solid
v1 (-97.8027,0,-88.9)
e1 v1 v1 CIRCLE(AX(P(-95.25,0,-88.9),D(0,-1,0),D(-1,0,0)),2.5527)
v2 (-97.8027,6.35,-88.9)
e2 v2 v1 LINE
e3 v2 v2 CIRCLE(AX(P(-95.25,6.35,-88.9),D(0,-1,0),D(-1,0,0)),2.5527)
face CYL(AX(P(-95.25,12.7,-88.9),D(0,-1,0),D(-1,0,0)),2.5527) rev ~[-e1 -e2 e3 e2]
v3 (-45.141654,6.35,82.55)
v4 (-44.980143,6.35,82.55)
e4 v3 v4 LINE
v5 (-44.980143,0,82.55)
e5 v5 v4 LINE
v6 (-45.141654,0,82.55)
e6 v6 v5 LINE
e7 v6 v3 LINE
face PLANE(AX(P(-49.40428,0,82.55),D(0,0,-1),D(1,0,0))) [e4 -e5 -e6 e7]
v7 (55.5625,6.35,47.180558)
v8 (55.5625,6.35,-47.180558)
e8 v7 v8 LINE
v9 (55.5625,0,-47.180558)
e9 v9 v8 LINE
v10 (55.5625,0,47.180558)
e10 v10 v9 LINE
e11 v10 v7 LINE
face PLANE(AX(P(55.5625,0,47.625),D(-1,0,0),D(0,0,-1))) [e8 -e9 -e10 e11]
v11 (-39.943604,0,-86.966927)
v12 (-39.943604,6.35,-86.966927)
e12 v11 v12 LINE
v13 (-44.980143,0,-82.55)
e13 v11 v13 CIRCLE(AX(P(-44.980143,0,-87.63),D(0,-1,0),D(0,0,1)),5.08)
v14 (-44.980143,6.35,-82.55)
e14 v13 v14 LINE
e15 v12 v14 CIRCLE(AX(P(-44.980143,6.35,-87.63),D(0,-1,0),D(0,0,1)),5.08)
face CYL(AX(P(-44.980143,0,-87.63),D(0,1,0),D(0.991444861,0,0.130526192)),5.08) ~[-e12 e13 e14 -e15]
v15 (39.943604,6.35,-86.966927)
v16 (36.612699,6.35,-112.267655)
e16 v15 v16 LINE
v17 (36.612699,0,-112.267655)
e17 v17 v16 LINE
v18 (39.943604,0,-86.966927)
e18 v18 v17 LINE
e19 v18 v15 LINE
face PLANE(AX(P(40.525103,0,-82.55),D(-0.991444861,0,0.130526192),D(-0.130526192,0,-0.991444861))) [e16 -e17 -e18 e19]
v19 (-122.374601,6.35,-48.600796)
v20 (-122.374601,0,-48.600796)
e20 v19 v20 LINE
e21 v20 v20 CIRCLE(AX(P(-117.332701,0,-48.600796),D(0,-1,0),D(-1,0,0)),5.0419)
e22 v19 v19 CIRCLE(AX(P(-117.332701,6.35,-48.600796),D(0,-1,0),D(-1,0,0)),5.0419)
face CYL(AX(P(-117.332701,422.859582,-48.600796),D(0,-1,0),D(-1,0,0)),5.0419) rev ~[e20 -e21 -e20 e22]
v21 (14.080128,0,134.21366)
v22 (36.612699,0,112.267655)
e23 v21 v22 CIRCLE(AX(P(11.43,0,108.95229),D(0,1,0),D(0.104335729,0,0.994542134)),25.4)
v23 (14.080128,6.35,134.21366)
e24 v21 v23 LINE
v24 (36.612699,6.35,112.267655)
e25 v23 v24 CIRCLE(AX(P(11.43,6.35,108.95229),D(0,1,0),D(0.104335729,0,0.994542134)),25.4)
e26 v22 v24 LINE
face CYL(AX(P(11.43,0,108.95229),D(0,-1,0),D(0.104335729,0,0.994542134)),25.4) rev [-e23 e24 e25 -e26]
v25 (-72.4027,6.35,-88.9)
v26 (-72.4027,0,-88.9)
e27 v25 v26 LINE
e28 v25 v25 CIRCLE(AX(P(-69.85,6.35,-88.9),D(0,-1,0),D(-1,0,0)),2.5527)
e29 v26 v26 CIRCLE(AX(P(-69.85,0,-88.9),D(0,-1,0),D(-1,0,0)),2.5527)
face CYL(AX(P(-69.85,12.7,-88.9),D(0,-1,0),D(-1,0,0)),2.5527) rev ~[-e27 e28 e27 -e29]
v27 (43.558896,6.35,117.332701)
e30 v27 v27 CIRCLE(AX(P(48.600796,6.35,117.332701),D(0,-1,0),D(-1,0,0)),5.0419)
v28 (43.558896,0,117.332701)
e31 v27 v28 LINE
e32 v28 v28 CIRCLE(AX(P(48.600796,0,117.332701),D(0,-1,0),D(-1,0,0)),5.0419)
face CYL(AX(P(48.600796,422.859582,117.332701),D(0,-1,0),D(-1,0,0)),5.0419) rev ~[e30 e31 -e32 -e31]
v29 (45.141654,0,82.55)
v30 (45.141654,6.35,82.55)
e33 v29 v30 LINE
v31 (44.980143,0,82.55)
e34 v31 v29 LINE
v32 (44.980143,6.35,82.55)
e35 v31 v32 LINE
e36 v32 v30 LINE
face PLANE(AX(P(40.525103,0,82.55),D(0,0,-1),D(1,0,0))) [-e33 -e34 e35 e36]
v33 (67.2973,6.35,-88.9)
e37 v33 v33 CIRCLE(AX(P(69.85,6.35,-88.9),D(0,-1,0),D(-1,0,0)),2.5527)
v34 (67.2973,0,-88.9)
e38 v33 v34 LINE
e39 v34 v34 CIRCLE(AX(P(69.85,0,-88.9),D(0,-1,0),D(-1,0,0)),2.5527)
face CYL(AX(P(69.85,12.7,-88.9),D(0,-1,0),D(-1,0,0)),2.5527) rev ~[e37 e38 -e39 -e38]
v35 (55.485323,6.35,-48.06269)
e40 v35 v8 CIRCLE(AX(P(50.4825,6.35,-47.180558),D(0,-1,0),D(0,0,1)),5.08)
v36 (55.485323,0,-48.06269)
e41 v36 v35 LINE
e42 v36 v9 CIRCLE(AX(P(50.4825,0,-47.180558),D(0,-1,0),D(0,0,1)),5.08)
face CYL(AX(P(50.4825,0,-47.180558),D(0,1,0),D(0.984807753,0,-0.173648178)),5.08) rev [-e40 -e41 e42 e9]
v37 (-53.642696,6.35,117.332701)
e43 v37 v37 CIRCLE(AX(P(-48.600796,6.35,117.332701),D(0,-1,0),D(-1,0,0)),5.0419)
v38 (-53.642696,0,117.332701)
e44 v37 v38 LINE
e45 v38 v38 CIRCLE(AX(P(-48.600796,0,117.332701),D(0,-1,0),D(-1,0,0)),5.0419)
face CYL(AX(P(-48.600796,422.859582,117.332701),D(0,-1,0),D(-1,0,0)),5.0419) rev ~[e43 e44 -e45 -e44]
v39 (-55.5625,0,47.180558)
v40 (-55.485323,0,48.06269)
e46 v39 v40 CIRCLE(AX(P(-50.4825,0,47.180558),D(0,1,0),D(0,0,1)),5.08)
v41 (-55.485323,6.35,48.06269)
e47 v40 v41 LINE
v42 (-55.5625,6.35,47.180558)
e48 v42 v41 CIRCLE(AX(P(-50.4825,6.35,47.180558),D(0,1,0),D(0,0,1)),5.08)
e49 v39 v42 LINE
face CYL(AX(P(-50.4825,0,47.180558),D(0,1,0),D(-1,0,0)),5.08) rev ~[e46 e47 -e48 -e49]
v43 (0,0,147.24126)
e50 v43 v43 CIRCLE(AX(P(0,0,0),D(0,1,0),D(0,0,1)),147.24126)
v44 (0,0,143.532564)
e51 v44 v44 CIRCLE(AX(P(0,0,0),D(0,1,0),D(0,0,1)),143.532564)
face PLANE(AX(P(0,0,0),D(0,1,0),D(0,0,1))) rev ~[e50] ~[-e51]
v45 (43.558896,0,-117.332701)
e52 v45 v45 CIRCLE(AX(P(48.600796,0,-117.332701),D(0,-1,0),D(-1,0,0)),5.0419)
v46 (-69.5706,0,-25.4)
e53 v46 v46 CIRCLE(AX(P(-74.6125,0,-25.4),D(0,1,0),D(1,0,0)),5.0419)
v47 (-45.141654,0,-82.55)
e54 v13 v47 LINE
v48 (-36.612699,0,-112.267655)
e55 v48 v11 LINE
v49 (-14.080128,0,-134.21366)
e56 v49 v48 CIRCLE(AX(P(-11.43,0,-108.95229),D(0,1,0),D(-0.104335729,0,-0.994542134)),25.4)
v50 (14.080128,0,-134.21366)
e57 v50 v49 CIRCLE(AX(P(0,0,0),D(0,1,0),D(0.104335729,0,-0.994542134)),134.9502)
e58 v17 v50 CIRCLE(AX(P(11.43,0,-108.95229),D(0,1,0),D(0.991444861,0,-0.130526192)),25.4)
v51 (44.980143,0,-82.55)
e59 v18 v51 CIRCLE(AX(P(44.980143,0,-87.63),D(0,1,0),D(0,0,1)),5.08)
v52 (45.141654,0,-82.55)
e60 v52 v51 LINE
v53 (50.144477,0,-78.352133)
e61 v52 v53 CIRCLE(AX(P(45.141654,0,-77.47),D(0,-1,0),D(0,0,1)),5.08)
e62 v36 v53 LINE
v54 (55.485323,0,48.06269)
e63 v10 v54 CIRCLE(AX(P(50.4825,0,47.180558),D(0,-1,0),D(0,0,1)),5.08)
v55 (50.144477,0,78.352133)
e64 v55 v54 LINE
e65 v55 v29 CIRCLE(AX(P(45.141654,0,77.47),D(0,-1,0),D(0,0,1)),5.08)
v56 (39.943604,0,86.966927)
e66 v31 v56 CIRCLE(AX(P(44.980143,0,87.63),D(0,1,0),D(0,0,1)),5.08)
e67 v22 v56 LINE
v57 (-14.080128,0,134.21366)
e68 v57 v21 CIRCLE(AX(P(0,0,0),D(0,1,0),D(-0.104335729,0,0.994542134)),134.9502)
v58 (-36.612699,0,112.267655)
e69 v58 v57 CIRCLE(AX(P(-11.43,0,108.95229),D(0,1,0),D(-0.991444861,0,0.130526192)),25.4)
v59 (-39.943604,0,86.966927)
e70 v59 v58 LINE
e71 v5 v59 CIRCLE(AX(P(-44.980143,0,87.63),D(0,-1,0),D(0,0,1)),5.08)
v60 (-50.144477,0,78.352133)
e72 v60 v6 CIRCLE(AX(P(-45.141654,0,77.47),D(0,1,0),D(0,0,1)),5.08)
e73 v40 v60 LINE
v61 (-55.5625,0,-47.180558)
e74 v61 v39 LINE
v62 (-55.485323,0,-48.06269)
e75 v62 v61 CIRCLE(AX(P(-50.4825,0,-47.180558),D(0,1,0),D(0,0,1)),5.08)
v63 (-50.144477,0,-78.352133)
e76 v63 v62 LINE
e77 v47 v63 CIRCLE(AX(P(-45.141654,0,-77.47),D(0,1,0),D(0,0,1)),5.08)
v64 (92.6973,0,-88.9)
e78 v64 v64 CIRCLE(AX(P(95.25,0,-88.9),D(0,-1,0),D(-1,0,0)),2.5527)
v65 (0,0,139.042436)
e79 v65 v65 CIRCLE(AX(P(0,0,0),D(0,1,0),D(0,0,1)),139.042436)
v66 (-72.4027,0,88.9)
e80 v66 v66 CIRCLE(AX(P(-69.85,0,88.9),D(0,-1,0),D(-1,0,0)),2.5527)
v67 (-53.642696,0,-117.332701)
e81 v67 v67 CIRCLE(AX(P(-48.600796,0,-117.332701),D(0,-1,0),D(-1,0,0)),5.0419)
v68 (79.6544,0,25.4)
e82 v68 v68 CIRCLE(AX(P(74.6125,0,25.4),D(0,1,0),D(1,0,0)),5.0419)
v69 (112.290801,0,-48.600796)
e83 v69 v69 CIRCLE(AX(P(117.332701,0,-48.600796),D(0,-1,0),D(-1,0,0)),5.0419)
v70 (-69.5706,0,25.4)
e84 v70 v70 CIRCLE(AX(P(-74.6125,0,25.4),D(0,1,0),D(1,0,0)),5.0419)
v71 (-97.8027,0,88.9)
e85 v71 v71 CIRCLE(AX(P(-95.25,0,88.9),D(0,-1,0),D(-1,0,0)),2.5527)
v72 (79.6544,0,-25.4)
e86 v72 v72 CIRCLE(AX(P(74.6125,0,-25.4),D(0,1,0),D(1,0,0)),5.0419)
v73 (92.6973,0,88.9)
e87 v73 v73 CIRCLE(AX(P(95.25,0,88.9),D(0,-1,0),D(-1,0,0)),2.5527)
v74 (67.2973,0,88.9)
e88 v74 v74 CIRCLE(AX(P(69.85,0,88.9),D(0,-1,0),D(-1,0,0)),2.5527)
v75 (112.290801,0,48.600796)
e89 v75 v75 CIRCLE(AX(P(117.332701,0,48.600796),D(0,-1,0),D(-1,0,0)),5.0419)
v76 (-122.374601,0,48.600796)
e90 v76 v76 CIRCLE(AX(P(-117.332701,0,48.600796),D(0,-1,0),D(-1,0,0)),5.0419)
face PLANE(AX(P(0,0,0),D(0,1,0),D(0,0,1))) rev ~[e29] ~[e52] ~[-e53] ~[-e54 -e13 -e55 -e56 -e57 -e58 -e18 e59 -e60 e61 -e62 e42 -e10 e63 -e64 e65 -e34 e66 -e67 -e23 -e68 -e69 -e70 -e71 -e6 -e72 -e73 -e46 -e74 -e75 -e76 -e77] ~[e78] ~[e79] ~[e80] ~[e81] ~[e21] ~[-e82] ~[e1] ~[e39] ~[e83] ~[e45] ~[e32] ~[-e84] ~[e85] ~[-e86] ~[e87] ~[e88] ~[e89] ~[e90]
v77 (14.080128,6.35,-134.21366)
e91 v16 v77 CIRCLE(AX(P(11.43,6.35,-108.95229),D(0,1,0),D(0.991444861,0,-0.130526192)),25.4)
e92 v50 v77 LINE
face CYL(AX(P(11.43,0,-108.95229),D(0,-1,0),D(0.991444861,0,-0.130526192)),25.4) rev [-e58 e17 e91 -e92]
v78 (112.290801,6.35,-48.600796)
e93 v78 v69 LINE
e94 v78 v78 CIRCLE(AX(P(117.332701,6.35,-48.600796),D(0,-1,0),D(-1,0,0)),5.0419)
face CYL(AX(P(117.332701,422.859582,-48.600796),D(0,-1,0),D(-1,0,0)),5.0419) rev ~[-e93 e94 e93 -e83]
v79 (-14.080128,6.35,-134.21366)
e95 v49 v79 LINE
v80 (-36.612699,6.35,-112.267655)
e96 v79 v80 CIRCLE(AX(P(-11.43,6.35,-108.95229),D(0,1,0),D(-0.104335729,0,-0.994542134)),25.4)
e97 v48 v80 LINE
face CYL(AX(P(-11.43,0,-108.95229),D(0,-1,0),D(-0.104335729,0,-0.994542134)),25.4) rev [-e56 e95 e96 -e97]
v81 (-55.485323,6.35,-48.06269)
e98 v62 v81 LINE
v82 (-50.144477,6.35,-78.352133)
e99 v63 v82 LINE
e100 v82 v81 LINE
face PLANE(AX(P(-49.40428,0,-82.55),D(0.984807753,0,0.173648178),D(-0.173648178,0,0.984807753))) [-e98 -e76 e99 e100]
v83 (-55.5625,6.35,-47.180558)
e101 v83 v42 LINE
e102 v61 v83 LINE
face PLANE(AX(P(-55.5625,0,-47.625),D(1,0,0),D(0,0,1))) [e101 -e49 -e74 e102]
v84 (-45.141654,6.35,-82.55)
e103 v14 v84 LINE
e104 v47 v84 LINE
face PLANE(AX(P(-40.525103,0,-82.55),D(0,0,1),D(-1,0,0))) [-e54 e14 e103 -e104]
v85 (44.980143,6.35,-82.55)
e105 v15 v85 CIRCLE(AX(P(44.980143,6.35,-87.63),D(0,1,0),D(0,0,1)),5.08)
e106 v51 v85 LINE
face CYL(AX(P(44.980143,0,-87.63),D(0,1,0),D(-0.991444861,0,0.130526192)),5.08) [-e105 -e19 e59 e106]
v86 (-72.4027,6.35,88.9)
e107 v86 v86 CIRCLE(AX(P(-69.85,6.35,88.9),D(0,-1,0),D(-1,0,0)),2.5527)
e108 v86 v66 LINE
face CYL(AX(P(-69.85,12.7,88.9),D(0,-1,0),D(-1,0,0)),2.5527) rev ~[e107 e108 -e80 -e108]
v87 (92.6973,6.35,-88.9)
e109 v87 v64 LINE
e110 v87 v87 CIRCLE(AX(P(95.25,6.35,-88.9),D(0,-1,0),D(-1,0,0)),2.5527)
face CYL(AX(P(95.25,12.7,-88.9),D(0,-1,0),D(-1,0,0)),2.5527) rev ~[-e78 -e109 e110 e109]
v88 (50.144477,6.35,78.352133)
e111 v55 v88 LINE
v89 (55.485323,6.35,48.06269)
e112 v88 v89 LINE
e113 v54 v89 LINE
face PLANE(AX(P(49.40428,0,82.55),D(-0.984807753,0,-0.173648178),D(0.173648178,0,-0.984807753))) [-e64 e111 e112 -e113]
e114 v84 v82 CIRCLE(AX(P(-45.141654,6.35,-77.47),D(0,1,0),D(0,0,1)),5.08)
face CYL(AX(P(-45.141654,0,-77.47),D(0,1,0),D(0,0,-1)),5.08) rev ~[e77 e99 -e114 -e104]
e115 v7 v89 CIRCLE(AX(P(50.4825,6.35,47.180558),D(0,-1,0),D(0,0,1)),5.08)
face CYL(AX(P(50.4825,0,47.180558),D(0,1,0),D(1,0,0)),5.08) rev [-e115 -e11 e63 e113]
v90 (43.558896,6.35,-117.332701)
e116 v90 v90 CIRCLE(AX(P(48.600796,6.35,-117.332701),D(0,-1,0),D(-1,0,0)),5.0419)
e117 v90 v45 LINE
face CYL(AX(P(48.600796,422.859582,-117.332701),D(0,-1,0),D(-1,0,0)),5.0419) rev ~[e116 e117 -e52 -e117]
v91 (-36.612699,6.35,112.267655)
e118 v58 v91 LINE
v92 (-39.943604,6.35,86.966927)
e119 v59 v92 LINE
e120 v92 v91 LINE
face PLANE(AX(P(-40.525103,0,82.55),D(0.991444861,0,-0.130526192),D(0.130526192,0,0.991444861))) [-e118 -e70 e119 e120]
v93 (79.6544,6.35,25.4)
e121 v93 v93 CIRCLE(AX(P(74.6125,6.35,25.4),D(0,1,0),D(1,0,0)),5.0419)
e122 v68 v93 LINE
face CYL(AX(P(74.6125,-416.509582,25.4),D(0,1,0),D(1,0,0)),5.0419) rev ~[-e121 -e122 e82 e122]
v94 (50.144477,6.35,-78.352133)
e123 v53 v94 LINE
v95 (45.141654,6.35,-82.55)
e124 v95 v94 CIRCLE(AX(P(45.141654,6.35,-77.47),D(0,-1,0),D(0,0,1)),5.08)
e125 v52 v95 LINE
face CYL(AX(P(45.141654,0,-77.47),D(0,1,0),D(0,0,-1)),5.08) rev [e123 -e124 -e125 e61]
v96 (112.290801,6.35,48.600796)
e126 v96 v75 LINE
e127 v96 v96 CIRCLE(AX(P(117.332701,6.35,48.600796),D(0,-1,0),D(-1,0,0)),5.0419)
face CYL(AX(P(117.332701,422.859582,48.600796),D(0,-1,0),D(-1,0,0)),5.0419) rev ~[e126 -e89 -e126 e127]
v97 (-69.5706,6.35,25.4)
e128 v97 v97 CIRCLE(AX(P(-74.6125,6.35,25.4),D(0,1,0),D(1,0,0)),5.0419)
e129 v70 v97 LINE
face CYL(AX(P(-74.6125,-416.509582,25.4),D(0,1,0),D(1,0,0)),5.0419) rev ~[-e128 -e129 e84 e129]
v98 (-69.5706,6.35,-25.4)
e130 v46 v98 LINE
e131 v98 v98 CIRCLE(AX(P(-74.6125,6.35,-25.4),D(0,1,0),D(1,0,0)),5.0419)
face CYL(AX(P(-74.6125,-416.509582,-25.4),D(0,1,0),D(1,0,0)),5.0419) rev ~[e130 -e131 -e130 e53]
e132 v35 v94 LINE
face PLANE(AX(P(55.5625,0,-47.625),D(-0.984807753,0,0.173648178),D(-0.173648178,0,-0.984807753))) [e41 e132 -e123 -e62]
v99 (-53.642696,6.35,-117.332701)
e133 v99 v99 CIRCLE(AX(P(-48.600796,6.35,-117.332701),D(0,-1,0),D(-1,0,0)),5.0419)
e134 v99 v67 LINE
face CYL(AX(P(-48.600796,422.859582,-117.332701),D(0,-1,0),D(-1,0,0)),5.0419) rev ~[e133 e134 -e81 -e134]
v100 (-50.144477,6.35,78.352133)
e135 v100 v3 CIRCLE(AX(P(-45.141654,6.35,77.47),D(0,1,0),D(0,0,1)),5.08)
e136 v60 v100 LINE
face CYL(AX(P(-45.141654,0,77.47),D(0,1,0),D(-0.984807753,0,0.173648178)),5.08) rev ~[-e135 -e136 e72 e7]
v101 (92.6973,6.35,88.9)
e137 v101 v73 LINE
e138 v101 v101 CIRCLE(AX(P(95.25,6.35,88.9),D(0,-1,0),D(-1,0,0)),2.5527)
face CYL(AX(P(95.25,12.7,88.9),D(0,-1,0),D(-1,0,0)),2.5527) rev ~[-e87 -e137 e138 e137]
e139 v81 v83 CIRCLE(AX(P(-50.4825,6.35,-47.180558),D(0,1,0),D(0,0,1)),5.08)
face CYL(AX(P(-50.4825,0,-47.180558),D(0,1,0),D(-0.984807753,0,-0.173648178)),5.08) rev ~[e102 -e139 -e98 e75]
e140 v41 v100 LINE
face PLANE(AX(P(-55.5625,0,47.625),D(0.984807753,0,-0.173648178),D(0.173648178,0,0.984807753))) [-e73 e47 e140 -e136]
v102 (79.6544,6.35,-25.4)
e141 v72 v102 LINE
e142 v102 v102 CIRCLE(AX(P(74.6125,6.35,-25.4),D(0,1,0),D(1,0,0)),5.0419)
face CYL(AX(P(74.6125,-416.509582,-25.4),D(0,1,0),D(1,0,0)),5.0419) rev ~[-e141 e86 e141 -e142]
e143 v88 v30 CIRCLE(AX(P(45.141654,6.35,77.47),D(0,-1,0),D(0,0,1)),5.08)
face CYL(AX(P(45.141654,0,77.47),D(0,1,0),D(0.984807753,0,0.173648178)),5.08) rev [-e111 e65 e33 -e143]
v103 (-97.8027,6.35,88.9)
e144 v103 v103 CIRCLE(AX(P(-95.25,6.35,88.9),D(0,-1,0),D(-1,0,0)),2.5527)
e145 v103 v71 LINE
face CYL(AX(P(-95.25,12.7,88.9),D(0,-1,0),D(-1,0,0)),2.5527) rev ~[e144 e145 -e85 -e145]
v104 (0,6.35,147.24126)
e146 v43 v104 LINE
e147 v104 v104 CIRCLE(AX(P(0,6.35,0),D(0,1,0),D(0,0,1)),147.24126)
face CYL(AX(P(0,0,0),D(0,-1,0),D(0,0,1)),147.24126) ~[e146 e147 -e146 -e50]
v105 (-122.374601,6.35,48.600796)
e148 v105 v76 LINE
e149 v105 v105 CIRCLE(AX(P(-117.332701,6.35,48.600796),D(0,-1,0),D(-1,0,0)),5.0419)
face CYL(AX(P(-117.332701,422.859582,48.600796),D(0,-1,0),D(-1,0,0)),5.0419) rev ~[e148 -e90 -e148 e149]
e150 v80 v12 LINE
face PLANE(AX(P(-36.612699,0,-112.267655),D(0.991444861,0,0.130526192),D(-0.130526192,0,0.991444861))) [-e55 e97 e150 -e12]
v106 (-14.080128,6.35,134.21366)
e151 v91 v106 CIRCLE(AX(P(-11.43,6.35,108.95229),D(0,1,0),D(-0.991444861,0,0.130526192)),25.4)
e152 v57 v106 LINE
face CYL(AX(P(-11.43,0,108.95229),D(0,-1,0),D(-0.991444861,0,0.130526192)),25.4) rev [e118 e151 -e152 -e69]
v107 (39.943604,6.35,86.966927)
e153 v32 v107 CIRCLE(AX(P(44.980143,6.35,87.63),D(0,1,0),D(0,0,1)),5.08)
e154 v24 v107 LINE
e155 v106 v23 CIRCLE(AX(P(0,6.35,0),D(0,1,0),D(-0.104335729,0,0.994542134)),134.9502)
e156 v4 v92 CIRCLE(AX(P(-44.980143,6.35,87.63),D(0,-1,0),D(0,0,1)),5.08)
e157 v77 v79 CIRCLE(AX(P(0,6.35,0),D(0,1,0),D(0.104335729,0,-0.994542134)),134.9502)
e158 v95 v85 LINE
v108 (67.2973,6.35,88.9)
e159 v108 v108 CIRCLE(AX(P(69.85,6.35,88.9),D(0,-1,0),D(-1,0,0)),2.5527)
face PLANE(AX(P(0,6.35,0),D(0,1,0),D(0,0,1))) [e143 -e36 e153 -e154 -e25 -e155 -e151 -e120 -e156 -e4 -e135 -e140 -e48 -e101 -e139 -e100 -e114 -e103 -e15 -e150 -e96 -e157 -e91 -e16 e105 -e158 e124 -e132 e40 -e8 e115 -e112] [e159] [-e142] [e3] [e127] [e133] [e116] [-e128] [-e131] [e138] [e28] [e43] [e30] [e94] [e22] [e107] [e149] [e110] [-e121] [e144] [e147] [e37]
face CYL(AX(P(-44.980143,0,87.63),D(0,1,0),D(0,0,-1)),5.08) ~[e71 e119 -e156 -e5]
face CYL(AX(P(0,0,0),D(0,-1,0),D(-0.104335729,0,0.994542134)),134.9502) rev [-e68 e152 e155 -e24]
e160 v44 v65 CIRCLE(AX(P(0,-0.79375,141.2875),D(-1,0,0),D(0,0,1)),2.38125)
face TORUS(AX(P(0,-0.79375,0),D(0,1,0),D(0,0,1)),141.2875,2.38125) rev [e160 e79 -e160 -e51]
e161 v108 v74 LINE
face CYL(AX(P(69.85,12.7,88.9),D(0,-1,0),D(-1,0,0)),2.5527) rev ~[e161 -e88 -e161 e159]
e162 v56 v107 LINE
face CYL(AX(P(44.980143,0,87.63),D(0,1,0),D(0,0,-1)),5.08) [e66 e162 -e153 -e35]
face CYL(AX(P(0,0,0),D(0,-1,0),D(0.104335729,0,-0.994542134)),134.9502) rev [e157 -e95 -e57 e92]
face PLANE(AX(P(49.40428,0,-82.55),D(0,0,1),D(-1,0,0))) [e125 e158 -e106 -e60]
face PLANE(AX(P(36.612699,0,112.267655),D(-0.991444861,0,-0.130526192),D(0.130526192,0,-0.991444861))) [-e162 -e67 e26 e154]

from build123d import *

# Parameters (mm, degrees)
SKETCH1_R                      = 147.24126
BOSS_EXTRUDE1_DEPTH            = 6.35
F_3_8_CLEARANCE_HOLE1_D        = 10.0838
SKETCH6_R                      = 2.38125
F_3_8_CLEARANCE_HOLE2_D        = 10.0838
FILLET1_R                      = 5.08
F_7_0_201_DIAMETER_HOLE1_D     = 5.1054
F_7_0_201_DIAMETER_HOLE1_DEPTH = 6.35


with BuildPart() as part:
    # Sketch1 → Boss-Extrude1 (new body)
    with BuildSketch(Plane(origin=(0, 0, 0), x_dir=(1, 0, 0), z_dir=(0, 1, 0))):
        with Locations(Location((0, 0, 0), (0, 0, 270))):
            Circle(SKETCH1_R)
        with BuildLine():
            Line((-36.612699479, 112.267654933), (-40.525102973, 82.55))
            Line((-40.525102973, 82.55), (-49.404280199, 82.55))
            Line((-49.404280199, 82.55), (-55.5625, 47.625))
            Line((-55.5625, 47.625), (-55.5625, -47.625))
            Line((-55.5625, -47.625), (-49.404280199, -82.55))
            Line((-49.404280199, -82.55), (-40.525102973, -82.55))
            Line((-40.525102973, -82.55), (-36.612699479, -112.267654933))
            ThreePointArc((-36.612699479, -112.267654933), (-29.152114648, -127.148076316), (-14.080127521, -134.213659845))
            ThreePointArc((-14.080127521, -134.213659845), (0, -134.9502), (14.080127521, -134.213659845))
            ThreePointArc((14.080127521, -134.213659845), (29.152114648, -127.148076316), (36.612699479, -112.267654933))
            Line((36.612699479, -112.267654933), (40.525102973, -82.55))
            Line((40.525102973, -82.55), (49.404280199, -82.55))
            Line((49.404280199, -82.55), (55.5625, -47.625))
            Line((55.5625, -47.625), (55.5625, 47.625))
            Line((55.5625, 47.625), (49.404280199, 82.55))
            Line((49.404280199, 82.55), (40.525102973, 82.55))
            Line((40.525102973, 82.55), (36.612699479, 112.267654933))
            ThreePointArc((36.612699479, 112.267654933), (29.152114648, 127.148076316), (14.080127521, 134.213659845))
            ThreePointArc((14.080127521, 134.213659845), (0, 134.9502), (-14.080127521, 134.213659845))
            ThreePointArc((-14.080127521, 134.213659845), (-29.152114648, 127.148076316), (-36.612699479, 112.267654933))
        make_face(mode=Mode.SUBTRACT)
    extrude(amount=BOSS_EXTRUDE1_DEPTH)

    # 3/8 Clearance Hole1 (through all)
    with Locations(Plane(origin=(0, 6.35, 0), x_dir=(1, 0, 0), z_dir=(0, 1, 0))):
        with Locations((-117.332700629, 48.60079591), (-48.60079591, 117.332700629), (48.60079591, 117.332700629), (117.332700629, 48.60079591), (117.332700629, -48.60079591), (48.60079591, -117.332700629), (-48.60079591, -117.332700629), (-117.332700629, -48.60079591)):
            Hole(F_3_8_CLEARANCE_HOLE1_D / 2)

    # Sketch6 → Cut-Revolve1 (revolve, cut)
    with BuildSketch(Plane(origin=(0, 0, 0), x_dir=(0, 0, -1), z_dir=(1, 0, 0)), mode=Mode.PRIVATE) as cut_revolve1_sk:
        with Locations((141.2875, -0.79375)):
            Circle(SKETCH6_R)
    revolve(cut_revolve1_sk.sketch.rotate(Axis((0, 0, 0), (0, -1, 0)), 180), axis=Axis((0, 0, 0), (0, -1, 0)), mode=Mode.SUBTRACT)

    # 3/8 Clearance Hole2 (through all)
    with Locations(Plane(origin=(0, 0, 0), x_dir=(-1, 0, 0), z_dir=(0, -1, 0))):
        with Locations((74.6125, -25.4), (74.6125, 25.4), (-74.6125, 25.4), (-74.6125, -25.4)):
            Hole(F_3_8_CLEARANCE_HOLE2_D / 2)

    # Fillet1
    fillet1_edges = [part.edges().sort_by_distance(p)[0] for p in [
        (-40.525102973, 3.175, -82.55),
        (-49.404280199, 3.175, -82.55),
        (-55.5625, 3.175, -47.625),
        (-55.5625, 3.175, 47.625),
        (-49.404280199, 3.175, 82.55),
        (-40.525102973, 3.175, 82.55),
        (40.525102973, 3.175, 82.55),
        (49.404280199, 3.175, 82.55),
        (55.5625, 3.175, 47.625),
        (55.5625, 3.175, -47.625),
        (49.404280199, 3.175, -82.55),
        (40.525102973, 3.175, -82.55),
    ]]
    fillet(fillet1_edges, radius=FILLET1_R)

    # #7 (0.201) Diameter Hole1
    with Locations(Plane(origin=(0, 6.35, 0), x_dir=(1, 0, 0), z_dir=(0, 1, 0))):
        with Locations((-69.85, -88.9), (-95.25, -88.9), (-95.25, 88.9), (-69.85, 88.9), (0, 0), (69.85, 88.9), (95.25, 88.9), (95.25, -88.9), (69.85, -88.9)):
            Hole(F_7_0_201_DIAMETER_HOLE1_D / 2, depth=F_7_0_201_DIAMETER_HOLE1_DEPTH)


solid = part.part
